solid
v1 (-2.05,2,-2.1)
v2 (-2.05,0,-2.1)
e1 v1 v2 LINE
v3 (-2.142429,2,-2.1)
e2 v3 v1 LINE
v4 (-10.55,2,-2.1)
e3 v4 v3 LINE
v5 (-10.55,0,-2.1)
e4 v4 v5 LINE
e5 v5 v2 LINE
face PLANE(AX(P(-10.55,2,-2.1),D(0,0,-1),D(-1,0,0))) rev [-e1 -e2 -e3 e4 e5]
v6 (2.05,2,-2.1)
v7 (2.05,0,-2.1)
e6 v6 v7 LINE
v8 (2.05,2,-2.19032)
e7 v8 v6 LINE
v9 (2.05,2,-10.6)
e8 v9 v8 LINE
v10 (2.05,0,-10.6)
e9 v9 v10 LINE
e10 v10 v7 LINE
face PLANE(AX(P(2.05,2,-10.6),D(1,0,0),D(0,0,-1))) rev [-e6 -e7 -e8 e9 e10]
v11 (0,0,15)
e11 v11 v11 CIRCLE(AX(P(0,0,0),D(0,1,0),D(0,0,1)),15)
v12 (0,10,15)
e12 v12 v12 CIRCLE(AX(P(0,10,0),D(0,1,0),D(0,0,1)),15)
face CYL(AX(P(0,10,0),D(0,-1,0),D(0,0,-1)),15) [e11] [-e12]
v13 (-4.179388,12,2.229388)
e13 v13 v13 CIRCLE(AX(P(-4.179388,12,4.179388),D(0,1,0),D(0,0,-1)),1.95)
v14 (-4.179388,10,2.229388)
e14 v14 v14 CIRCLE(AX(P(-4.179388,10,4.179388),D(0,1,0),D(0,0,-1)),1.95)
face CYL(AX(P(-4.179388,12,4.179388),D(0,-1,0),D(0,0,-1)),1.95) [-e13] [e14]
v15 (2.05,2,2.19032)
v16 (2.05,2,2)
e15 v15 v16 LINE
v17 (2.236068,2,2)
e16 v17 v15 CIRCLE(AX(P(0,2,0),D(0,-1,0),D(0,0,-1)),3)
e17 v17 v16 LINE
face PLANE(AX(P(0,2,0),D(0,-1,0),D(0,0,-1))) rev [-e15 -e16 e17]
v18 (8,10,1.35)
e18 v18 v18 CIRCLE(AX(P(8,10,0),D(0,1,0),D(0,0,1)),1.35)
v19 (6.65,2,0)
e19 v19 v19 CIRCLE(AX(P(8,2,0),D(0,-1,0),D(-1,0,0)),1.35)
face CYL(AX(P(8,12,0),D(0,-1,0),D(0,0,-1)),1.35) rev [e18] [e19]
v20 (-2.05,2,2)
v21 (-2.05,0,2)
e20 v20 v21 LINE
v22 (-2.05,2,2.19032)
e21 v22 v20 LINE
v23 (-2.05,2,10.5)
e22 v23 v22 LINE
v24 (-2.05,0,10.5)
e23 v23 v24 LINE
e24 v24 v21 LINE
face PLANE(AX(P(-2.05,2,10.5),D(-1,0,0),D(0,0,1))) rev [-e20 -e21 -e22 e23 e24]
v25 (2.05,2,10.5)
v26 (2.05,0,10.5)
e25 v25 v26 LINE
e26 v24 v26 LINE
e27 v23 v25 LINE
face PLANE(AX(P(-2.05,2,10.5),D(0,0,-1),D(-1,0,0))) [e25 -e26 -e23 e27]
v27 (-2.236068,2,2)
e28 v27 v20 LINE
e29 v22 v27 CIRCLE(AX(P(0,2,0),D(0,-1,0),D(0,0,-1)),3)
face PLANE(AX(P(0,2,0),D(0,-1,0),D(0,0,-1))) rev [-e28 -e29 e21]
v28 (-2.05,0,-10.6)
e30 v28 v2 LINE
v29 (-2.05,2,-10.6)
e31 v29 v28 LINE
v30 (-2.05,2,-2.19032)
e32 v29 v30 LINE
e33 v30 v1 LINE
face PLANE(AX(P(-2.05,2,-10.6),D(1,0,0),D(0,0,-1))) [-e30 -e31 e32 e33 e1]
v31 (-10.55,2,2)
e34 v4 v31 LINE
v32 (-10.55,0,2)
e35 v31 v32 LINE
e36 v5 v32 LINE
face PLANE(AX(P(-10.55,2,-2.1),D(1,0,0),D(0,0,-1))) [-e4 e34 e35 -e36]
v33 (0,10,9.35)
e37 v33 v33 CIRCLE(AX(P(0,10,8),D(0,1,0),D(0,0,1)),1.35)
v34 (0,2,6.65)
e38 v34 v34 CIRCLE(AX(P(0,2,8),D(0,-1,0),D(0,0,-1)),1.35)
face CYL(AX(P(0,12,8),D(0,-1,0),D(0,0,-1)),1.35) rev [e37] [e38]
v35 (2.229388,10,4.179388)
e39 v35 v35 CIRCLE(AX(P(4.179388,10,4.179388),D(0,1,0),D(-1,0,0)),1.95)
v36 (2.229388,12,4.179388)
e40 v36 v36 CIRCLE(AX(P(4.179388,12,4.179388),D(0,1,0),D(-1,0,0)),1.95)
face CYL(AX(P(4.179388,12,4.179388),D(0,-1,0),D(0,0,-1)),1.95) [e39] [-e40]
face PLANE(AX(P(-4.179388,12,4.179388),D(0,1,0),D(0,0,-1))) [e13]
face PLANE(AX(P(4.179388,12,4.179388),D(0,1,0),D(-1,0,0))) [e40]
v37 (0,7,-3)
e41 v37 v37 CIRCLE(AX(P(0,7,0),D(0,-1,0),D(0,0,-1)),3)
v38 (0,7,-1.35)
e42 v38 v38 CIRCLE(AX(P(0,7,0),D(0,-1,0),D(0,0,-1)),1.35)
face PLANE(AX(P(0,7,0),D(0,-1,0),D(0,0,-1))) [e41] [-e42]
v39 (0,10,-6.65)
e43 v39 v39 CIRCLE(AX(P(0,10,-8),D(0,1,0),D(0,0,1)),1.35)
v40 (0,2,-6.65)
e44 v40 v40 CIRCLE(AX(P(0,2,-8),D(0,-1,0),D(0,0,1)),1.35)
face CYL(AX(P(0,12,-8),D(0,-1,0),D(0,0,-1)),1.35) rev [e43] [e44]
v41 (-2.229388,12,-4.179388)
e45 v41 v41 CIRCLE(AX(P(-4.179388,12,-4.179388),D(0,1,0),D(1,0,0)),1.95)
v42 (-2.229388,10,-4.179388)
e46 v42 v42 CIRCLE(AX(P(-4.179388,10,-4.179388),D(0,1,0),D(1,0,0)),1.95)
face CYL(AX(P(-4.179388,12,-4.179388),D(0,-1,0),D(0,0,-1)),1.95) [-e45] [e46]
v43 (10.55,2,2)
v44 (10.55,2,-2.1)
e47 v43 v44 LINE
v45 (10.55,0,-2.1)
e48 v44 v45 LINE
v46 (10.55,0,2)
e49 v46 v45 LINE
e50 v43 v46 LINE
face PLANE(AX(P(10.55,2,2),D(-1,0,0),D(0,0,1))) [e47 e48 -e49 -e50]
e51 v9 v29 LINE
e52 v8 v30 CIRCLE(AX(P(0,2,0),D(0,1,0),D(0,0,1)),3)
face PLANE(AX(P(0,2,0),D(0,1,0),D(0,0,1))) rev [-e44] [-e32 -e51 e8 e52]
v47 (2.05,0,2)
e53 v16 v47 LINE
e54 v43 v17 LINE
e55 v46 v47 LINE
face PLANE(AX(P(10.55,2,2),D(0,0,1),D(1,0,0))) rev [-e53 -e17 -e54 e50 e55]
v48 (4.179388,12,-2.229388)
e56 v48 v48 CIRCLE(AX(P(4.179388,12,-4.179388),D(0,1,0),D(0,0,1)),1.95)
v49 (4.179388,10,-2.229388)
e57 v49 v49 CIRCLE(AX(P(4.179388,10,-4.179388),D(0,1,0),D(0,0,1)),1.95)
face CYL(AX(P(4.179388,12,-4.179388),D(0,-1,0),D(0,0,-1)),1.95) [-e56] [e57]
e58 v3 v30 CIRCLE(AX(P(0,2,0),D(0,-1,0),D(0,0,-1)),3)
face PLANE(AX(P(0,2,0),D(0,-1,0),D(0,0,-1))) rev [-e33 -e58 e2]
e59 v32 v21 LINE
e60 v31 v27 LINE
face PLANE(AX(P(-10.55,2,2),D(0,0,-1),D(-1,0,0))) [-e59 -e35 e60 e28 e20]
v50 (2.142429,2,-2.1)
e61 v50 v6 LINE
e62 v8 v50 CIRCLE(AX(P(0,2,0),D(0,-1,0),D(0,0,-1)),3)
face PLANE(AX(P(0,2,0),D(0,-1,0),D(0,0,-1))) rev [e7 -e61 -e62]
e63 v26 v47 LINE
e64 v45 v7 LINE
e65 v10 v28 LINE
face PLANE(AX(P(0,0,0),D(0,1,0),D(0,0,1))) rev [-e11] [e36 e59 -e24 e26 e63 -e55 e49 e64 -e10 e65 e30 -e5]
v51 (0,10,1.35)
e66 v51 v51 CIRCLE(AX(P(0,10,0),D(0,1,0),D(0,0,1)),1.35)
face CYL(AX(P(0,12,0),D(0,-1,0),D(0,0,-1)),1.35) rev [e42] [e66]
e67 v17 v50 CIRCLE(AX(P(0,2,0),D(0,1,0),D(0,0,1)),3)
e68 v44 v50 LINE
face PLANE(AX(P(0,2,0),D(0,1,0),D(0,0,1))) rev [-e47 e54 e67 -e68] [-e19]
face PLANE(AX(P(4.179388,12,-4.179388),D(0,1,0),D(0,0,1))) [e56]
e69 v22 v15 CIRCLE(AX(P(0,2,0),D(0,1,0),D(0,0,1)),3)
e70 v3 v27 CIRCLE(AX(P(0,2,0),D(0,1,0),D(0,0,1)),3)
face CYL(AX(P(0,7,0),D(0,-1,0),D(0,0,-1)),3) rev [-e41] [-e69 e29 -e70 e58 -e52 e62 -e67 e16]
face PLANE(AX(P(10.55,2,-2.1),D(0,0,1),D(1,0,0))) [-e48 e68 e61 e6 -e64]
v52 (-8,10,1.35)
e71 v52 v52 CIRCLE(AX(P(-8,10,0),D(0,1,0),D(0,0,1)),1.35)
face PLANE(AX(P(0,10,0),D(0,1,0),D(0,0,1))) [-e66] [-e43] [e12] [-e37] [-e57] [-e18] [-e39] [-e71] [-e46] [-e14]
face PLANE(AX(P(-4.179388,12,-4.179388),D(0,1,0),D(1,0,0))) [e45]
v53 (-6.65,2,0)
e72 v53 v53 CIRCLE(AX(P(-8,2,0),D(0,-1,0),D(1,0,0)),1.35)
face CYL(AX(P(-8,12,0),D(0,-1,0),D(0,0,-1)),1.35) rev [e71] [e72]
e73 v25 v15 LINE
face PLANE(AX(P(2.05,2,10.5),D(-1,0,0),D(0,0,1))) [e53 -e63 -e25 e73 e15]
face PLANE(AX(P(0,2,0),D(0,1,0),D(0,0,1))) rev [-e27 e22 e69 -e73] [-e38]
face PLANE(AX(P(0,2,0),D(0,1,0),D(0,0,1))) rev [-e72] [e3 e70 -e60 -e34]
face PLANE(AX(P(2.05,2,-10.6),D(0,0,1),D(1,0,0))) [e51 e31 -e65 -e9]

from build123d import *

# Parameters (mm, degrees)
SKETCH1_R           = 15
BOSS_EXTRUDE1_DEPTH = 10
SKETCH2_R           = 1.95
BOSS_EXTRUDE2_DEPTH = 2
CUT_EXTRUDE1_DEPTH  = 2
SKETCH4_R           = 1.35
CUT_EXTRUDE2_DEPTH  = 24.452078799
CIRPATTERN2_COUNT   = 4
CIRPATTERN3_COUNT   = 4
SKETCH5_R           = 3
CUT_EXTRUDE3_DEPTH  = 5
SKETCH6_R           = 1.35
CUT_EXTRUDE4_DEPTH  = 23.338307904


with BuildPart() as part:
    # Sketch1 → Boss-Extrude1 (new body)
    with BuildSketch(Plane(origin=(0, 0, 0), x_dir=(1, 0, 0), z_dir=(0, 1, 0))):
        Circle(SKETCH1_R)
    extrude(amount=BOSS_EXTRUDE1_DEPTH)

    # Sketch2 → Boss-Extrude2 (add)
    with BuildSketch(Plane(origin=(0, 10, 0), x_dir=(1, 0, 0), z_dir=(0, 1, 0))):
        with Locations((4.179388408, 4.179388408)):
            Circle(SKETCH2_R)
    boss_extrude2 = extrude(amount=BOSS_EXTRUDE2_DEPTH)

    # Sketch3 → Cut-Extrude1 (cut)
    with BuildSketch(Plane.XZ):
        Polygon((-2.05, 10.5), (2.05, 10.5), (2.05, 2), (10.55, 2), (10.55, -2.1), (2.05, -2.1), (2.05, -10.6), (-2.05, -10.6), (-2.05, -2.1), (-10.55, -2.1), (-10.55, 2), (-2.05, 2), align=None)
    extrude(amount=-CUT_EXTRUDE1_DEPTH, mode=Mode.SUBTRACT)

    # Sketch4 → Cut-Extrude2 (cut, through all)
    with BuildSketch(Plane.XZ.offset(-2)):
        with Locations((0, 8)):
            Circle(SKETCH4_R)
    cut_extrude2 = extrude(amount=-CUT_EXTRUDE2_DEPTH, mode=Mode.SUBTRACT)

    # CirPattern2: Cut-Extrude2 ×4 about axis
    cirpattern2_axis = Axis((0, 0, 0), (0, 1, 0))
    for i in range(1, CIRPATTERN2_COUNT):
        add(cut_extrude2.rotate(cirpattern2_axis, i * 360 / CIRPATTERN2_COUNT), mode=Mode.SUBTRACT)

    # CirPattern3: Boss-Extrude2 ×4 about axis
    cirpattern3_axis = Axis((0, 10, 0), (0, 1, 0))
    for i in range(1, CIRPATTERN3_COUNT):
        add(boss_extrude2.rotate(cirpattern3_axis, i * 360 / CIRPATTERN3_COUNT))

    # Sketch5 → Cut-Extrude3 (cut)
    with BuildSketch(Plane.XZ.offset(-2)):
        Circle(SKETCH5_R)
    extrude(amount=-CUT_EXTRUDE3_DEPTH, mode=Mode.SUBTRACT)

    # Sketch6 → Cut-Extrude4 (cut, through all)
    with BuildSketch(Plane.XZ.offset(-7)):
        Circle(SKETCH6_R)
    extrude(amount=-CUT_EXTRUDE4_DEPTH, mode=Mode.SUBTRACT)


solid = part.part
